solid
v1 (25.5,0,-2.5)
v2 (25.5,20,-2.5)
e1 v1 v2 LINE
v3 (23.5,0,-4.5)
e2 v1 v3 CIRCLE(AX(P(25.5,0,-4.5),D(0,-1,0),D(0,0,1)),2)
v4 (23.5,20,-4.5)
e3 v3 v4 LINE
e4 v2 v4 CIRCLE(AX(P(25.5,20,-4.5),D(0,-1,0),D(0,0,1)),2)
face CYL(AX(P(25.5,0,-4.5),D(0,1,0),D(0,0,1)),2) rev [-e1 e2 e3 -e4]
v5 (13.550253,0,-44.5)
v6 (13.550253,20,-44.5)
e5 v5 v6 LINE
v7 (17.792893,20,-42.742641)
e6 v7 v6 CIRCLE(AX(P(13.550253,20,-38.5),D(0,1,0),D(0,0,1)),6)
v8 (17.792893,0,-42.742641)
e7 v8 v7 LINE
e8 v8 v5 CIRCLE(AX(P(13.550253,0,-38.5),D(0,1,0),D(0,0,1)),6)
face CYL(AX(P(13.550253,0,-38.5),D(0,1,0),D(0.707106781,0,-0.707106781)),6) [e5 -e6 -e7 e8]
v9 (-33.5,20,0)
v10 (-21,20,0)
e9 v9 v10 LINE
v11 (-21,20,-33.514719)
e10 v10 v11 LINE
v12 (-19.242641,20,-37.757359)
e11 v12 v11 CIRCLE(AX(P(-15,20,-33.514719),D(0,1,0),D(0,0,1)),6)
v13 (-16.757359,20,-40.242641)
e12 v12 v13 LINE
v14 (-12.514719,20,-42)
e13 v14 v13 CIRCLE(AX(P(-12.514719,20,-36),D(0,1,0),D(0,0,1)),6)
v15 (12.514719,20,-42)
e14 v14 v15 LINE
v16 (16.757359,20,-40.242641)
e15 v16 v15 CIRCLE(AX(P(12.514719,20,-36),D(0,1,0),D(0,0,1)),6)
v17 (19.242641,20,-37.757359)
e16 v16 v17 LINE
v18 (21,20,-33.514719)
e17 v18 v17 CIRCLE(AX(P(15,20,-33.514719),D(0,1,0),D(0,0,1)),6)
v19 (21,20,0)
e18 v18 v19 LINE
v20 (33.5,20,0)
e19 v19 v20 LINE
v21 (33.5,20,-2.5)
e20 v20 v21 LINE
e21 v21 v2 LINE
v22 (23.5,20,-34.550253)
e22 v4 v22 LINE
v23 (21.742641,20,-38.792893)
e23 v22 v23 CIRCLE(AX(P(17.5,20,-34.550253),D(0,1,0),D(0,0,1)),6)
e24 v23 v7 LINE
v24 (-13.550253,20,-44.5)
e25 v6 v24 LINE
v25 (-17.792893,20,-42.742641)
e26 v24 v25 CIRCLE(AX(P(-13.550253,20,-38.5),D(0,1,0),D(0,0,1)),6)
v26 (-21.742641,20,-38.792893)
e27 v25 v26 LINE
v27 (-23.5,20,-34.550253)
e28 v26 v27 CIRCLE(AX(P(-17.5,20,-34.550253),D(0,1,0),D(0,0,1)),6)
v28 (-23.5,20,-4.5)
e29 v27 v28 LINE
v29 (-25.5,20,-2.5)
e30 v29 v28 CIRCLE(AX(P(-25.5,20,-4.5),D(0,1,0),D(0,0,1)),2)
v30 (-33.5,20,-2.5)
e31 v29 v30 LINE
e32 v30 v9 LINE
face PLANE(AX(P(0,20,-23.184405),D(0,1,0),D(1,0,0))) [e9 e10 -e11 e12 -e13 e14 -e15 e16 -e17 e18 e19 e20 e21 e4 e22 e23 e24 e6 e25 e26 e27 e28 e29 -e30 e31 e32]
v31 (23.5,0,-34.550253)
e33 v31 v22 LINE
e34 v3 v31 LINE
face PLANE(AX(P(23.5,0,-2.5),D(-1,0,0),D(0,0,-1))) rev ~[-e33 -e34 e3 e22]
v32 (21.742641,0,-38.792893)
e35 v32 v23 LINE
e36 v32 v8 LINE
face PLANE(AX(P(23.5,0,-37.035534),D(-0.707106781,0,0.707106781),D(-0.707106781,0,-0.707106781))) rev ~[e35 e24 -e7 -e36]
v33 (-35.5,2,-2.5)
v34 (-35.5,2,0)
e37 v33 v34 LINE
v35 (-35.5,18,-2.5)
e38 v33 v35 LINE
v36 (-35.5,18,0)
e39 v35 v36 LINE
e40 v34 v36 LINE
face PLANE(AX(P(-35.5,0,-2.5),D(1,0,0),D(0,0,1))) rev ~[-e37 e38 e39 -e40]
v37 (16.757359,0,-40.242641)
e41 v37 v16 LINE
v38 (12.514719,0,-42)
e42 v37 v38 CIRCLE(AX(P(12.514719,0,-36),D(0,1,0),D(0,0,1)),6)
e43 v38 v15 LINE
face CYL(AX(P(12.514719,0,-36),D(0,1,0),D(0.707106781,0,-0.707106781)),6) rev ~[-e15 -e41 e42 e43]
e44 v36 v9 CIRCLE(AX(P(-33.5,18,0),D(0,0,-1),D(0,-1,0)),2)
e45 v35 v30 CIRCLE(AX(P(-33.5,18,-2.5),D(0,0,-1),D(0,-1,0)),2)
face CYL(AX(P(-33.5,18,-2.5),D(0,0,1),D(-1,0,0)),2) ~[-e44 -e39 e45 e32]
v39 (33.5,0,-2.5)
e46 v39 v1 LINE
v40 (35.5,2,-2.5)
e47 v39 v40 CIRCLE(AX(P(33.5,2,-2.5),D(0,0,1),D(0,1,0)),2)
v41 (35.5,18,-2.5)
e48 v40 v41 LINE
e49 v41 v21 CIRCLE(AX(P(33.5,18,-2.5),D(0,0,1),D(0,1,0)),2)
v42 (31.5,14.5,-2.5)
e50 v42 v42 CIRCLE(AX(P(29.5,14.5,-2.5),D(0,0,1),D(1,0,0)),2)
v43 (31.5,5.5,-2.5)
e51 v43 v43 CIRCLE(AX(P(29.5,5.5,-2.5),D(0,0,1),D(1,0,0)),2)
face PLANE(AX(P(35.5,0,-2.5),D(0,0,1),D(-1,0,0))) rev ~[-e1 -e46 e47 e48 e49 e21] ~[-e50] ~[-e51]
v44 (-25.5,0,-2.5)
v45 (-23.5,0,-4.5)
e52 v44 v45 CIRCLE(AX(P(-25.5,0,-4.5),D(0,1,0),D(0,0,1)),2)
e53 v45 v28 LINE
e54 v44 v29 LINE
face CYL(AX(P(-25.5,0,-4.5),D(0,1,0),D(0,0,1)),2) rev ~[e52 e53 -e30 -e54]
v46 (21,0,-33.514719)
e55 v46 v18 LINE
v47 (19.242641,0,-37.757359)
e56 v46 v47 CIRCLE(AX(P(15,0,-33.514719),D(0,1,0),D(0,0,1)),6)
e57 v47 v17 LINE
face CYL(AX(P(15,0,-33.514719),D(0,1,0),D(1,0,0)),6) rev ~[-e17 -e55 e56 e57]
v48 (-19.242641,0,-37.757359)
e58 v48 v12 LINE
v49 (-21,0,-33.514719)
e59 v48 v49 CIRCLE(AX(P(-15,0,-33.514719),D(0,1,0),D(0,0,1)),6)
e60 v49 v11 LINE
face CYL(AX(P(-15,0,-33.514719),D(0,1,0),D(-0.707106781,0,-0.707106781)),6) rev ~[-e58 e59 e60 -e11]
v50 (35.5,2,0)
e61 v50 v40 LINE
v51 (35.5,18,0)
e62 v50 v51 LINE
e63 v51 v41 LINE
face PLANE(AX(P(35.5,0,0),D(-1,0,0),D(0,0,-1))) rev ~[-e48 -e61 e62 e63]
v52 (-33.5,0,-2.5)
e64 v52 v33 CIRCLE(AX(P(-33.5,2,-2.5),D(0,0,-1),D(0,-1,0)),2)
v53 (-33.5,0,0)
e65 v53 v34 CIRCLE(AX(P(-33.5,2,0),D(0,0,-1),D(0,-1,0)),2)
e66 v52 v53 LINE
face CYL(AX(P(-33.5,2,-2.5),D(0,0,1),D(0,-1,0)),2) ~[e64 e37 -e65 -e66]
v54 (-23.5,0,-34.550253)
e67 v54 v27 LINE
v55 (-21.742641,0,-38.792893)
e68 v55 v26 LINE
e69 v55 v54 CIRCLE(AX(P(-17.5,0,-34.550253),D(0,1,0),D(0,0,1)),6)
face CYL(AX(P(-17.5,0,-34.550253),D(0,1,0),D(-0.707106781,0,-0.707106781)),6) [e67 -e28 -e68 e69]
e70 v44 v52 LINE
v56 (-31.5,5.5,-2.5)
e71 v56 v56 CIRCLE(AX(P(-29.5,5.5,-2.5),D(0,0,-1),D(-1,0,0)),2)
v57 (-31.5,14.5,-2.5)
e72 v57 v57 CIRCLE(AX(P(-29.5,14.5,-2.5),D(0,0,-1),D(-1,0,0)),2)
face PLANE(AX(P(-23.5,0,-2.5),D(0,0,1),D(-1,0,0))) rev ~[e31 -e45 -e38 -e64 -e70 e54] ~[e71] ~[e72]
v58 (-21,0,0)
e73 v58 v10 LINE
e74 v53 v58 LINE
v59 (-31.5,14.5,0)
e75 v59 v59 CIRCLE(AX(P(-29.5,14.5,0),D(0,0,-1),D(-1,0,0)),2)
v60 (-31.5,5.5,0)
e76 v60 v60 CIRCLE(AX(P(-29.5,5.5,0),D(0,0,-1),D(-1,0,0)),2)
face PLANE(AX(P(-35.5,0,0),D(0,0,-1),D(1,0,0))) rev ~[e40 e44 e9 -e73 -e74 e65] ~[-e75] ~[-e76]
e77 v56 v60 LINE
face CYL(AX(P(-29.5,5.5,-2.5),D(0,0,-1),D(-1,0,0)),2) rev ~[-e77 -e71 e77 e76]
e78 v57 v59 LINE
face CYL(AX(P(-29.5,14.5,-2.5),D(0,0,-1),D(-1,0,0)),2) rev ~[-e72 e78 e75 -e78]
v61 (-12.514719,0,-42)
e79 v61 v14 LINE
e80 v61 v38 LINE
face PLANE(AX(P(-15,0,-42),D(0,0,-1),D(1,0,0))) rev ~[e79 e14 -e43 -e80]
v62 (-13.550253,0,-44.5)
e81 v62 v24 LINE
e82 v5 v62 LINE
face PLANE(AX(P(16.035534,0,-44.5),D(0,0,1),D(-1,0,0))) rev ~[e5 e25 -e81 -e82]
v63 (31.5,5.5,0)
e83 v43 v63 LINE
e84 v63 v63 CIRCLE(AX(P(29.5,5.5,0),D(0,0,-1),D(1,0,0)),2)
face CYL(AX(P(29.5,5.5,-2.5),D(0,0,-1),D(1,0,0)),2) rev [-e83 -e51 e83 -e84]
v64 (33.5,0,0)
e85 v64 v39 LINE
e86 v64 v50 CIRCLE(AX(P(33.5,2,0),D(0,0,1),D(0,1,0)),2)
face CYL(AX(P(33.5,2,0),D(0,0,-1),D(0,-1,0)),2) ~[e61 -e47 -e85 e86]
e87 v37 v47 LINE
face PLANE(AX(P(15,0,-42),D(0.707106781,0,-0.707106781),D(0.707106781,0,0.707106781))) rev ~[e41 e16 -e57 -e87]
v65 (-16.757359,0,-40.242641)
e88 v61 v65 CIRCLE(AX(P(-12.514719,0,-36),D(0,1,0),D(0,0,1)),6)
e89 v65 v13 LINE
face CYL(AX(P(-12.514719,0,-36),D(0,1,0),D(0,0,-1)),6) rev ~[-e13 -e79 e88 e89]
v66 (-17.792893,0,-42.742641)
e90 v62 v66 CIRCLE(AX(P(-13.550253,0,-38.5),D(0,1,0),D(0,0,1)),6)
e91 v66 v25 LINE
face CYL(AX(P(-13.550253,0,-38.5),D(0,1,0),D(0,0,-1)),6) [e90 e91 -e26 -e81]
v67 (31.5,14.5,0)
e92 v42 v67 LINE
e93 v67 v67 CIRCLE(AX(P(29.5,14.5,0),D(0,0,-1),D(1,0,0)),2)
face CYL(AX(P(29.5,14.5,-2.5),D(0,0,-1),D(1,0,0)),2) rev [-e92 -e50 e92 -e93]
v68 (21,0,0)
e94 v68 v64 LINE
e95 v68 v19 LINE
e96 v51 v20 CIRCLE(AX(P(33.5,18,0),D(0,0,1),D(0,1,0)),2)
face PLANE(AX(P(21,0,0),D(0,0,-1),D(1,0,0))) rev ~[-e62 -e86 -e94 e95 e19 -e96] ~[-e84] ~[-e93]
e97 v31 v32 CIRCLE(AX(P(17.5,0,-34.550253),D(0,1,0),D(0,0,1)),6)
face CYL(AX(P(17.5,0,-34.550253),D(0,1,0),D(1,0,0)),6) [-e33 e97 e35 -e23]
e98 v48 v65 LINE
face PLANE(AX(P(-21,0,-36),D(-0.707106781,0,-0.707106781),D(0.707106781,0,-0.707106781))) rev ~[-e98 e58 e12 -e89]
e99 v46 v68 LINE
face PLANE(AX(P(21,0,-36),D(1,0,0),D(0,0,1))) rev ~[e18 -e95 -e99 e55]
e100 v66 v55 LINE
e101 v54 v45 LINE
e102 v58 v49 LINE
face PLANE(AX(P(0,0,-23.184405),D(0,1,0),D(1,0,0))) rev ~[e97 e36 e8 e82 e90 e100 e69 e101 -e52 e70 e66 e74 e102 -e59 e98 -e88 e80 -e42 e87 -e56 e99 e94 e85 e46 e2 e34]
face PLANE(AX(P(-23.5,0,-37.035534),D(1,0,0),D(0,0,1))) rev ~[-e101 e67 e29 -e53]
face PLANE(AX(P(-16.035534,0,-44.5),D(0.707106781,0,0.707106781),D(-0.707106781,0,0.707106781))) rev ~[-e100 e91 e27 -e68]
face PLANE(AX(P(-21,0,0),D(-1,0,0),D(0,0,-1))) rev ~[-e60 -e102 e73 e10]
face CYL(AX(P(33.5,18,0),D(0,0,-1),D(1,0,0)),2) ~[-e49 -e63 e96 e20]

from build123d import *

# Parameters (mm, degrees)
BOSS_EXTRUDE1_DEPTH = 20
SKETCH2_R           = 2
CUT_EXTRUDE1_DEPTH  = 59.51709152
FILLET1_R           = 6
FILLET2_R           = 6
FILLET3_R           = 2
FILLET4_R           = 2


with BuildPart() as part:
    # Sketch1 → Boss-Extrude1 (new body)
    with BuildSketch(Plane(origin=(0, 0, 0), x_dir=(1, 0, 0), z_dir=(0, 1, 0))):
        Polygon((-35.5, 0), (-21, 0), (-21, 36), (-15, 42), (15, 42), (21, 36), (21, 0), (35.5, 0), (35.5, 2.5), (23.5, 2.5), (23.5, 37.035533906), (16.035533906, 44.5), (-16.035533906, 44.5), (-23.5, 37.035533906), (-23.5, 2.5), (-35.5, 2.5), align=None)
    extrude(amount=BOSS_EXTRUDE1_DEPTH)

    # Sketch2 → Cut-Extrude1 (cut, through all)
    with BuildSketch(Plane(origin=(0, 0, -2.5), x_dir=(-1, 0, 0), z_dir=(0, 0, -1))):
        with Locations((29.5, 14.5)):
            Circle(SKETCH2_R)
        with Locations((29.5, 5.5)):
            Circle(SKETCH2_R)
    cut_extrude1 = extrude(amount=-CUT_EXTRUDE1_DEPTH, mode=Mode.SUBTRACT)

    # Mirror1: Cut-Extrude1 across plane
    add(cut_extrude1.mirror(Plane(origin=(0, 0, 0), x_dir=(0, 0, 1), z_dir=(1, 0, 0))), mode=Mode.SUBTRACT)

    # Fillet1
    fillet1_edges = [part.edges().sort_by_distance(p)[0] for p in [
        (-16.035533906, 10, -44.5),
        (16.035533906, 10, -44.5),
        (23.5, 10, -37.035533906),
        (-23.5, 10, -37.035533906),
    ]]
    fillet(fillet1_edges, radius=FILLET1_R)

    # Fillet2
    fillet2_edges = [part.edges().sort_by_distance(p)[0] for p in [
        (21, 10, -36),
        (15, 10, -42),
        (-15, 10, -42),
        (-21, 10, -36),
    ]]
    fillet(fillet2_edges, radius=FILLET2_R)

    # Fillet3
    fillet3_edges = [part.edges().sort_by_distance(p)[0] for p in [
        (23.5, 10, -2.5),
        (-23.5, 10, -2.5),
    ]]
    fillet(fillet3_edges, radius=FILLET3_R)

    # Fillet4
    fillet4_edges = [part.edges().sort_by_distance(p)[0] for p in [
        (-35.5, 20, -1.25),
        (35.5, 0, -1.25),
        (-35.5, 0, -1.25),
        (35.5, 20, -1.25),
    ]]
    fillet(fillet4_edges, radius=FILLET4_R)


solid = part.part
